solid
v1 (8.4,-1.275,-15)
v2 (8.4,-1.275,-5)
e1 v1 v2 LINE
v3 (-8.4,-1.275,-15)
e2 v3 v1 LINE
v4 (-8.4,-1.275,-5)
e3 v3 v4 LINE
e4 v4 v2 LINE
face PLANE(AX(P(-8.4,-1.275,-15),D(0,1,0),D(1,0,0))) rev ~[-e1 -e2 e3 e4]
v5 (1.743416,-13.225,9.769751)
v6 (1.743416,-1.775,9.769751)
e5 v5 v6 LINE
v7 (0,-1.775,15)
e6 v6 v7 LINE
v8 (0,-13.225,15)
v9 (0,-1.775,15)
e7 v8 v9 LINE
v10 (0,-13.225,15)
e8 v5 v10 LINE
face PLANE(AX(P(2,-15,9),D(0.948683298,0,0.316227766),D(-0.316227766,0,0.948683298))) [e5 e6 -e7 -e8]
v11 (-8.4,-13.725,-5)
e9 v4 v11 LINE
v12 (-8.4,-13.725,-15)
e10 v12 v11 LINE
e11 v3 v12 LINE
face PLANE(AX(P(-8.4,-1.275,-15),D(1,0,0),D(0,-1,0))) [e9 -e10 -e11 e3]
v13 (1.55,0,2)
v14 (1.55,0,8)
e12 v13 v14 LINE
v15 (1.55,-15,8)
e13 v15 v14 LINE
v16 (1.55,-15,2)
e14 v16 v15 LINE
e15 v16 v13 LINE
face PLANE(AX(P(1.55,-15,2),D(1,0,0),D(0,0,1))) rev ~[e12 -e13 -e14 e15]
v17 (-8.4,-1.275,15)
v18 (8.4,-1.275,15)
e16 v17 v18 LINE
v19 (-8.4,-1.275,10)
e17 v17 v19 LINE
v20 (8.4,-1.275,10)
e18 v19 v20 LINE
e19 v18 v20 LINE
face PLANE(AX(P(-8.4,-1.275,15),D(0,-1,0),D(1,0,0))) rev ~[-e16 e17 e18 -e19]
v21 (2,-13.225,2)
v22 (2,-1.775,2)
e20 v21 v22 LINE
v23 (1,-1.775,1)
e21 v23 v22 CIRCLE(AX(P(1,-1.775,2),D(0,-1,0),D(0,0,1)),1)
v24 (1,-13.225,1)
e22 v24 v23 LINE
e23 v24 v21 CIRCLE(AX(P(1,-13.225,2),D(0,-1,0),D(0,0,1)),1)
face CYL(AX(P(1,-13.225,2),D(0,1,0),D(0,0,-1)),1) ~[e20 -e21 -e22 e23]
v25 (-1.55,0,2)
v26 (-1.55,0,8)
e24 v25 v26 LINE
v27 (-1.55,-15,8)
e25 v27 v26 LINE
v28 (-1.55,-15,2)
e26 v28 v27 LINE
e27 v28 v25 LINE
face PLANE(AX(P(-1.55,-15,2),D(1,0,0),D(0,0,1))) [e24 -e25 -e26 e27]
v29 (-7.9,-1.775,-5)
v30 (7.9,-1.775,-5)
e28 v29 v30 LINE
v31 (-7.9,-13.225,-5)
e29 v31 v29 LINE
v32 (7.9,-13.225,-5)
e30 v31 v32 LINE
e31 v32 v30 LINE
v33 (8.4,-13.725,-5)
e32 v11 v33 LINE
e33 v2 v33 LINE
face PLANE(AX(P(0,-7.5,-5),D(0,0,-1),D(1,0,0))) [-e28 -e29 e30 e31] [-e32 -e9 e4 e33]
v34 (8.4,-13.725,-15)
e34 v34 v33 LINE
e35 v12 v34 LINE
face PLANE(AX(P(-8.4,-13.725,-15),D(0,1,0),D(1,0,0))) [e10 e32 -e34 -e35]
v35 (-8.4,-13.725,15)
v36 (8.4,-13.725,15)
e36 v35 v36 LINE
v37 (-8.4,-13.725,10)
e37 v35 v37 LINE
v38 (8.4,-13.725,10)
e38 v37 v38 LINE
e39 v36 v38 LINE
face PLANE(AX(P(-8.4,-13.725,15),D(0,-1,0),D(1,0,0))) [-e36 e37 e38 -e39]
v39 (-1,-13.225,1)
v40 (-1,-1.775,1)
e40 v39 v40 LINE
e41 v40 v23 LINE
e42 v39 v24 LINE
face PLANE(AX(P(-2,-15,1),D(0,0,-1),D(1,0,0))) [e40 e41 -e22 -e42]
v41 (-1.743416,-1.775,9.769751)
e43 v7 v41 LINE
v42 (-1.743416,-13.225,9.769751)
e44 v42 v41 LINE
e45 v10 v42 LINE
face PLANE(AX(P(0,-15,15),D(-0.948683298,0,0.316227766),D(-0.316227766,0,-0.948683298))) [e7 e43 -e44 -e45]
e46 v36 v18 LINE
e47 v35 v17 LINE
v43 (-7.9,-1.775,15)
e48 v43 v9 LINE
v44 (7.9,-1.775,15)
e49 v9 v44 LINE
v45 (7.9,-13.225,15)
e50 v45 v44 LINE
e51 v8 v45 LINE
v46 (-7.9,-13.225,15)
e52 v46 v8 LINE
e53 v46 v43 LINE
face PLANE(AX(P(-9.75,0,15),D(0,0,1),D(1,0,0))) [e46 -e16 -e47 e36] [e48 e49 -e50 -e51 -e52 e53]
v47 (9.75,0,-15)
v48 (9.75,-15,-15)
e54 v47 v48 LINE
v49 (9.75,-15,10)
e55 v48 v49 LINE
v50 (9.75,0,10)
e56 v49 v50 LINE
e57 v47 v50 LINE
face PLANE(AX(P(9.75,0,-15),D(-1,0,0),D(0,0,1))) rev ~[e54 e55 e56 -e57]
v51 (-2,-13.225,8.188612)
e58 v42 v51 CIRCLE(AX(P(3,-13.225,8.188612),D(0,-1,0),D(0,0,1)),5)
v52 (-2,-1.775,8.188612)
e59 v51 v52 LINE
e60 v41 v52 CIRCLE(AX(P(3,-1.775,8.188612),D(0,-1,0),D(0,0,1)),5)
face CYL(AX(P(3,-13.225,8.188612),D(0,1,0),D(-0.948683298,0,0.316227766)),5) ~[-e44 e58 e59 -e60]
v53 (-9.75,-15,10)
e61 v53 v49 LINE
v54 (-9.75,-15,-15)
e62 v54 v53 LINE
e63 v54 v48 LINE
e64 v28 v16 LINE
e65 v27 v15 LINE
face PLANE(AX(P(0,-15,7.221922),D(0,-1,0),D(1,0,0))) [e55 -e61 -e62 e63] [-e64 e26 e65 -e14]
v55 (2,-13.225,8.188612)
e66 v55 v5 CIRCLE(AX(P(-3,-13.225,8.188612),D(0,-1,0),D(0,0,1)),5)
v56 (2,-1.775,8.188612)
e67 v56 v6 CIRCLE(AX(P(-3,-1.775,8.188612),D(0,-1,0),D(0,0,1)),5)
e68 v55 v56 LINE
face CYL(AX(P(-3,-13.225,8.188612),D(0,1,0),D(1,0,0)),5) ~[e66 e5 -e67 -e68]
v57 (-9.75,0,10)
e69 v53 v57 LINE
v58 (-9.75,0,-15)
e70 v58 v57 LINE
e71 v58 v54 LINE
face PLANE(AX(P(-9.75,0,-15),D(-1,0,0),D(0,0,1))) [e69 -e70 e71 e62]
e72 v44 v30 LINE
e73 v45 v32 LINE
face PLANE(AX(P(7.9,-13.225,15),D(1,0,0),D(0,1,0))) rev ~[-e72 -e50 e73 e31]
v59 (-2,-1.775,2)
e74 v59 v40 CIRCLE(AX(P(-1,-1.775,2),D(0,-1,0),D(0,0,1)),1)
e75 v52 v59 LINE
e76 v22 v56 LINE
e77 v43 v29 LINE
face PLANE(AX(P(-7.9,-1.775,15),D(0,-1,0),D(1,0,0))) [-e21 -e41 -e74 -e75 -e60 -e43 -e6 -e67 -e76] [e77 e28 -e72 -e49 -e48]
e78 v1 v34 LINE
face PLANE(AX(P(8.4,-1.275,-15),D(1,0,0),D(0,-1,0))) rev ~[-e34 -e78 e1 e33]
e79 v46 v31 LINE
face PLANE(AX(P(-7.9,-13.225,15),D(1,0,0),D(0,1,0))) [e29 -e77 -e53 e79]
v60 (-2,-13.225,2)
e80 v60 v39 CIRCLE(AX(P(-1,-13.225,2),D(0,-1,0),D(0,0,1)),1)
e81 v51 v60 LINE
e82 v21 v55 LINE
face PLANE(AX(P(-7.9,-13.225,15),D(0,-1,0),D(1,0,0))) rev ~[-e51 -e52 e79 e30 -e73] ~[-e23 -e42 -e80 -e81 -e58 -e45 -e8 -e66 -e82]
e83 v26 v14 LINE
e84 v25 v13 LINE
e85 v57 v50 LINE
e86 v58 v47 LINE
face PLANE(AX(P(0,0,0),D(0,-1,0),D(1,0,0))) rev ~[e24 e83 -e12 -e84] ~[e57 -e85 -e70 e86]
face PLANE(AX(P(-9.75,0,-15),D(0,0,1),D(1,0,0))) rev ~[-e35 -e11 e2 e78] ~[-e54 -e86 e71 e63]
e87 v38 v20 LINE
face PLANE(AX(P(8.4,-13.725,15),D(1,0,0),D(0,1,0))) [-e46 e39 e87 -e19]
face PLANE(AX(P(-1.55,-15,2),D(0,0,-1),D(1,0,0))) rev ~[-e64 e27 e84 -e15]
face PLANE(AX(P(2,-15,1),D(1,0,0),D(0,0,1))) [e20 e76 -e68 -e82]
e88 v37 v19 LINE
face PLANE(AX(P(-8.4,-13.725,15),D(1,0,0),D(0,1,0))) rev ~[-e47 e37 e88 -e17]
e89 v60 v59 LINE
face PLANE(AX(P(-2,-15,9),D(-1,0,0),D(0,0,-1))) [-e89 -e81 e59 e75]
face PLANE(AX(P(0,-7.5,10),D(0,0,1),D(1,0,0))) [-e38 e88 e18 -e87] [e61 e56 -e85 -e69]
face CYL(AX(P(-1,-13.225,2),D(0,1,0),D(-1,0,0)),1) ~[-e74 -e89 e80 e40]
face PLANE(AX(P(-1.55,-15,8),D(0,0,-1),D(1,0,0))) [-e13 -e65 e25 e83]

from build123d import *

# Parameters (mm, degrees)
F0_W      = 19.5
F0_H      = 30
F1_DEPTH  = 15
F2_W      = 15.8
F2_H      = 11.45
F3_DEPTH  = 30
F5_DEPTH  = 15
F6_W      = 3.1
F6_H      = 6
F7_DEPTH  = 15
F8_R      = 5
F9_R      = 1
F10_W     = 19.5
F10_H     = 15
F10_W_2   = 16.8
F10_H_2   = 12.45
F11_DEPTH = 5
F12_W     = 16.8
F12_H     = 12.45
F13_DEPTH = 10


with BuildPart() as f1:
    # F0 (on Front) → F1 (new body)
    with BuildSketch(Plane.XZ):
        Rectangle(F0_W, F0_H)
    extrude(amount=F1_DEPTH)

    # F2 (on face) → F3 (cut, through all)
    with BuildSketch(Plane.XY.offset(15)):
        with Locations((0, -7.5)):
            Rectangle(F2_W, F2_H)
    extrude(amount=-F3_DEPTH, mode=Mode.SUBTRACT)

    # F4 (on face) → F5 (join, through all)
    with BuildSketch(Plane.XZ.offset(15)):
        Polygon((-2, 1), (2, 1), (2, 9), (0, 15), (-2, 9), align=None)
    extrude(amount=-F5_DEPTH)

    # F6 (on face) → F7 (cut, through all)
    with BuildSketch(Plane.XZ.offset(15)):
        with Locations((0, 5)):
            Rectangle(F6_W, F6_H)
    extrude(amount=-F7_DEPTH, mode=Mode.SUBTRACT)

    # F8
    f8_edges = [f1.edges().sort_by_distance(p)[0] for p in [
        (-2, -7.5, 9),
        (2, -7.5, 9),
    ]]
    fillet(f8_edges, radius=F8_R)

    # F9
    f9_edges = [f1.edges().sort_by_distance(p)[0] for p in [
        (-2, -7.5, 1),
        (2, -7.5, 1),
    ]]
    fillet(f9_edges, radius=F9_R)

    # F10 (on face) → F11 (cut)
    with BuildSketch(Plane.XY.offset(15)):
        with Locations((0, -7.5)):
            Rectangle(F10_W, F10_H)
        with Locations((0, -7.5)):
            Rectangle(F10_W_2, F10_H_2, mode=Mode.SUBTRACT)
    extrude(amount=-F11_DEPTH, mode=Mode.SUBTRACT)

    # F12 (on face) → F13 (cut)
    with BuildSketch(Plane(origin=(0, 0, -15), x_dir=(1, 0, 0), z_dir=(0, 0, -1))):
        with Locations((0, 7.5)):
            Rectangle(F12_W, F12_H)
    extrude(amount=-F13_DEPTH, mode=Mode.SUBTRACT)


solid = f1.part
